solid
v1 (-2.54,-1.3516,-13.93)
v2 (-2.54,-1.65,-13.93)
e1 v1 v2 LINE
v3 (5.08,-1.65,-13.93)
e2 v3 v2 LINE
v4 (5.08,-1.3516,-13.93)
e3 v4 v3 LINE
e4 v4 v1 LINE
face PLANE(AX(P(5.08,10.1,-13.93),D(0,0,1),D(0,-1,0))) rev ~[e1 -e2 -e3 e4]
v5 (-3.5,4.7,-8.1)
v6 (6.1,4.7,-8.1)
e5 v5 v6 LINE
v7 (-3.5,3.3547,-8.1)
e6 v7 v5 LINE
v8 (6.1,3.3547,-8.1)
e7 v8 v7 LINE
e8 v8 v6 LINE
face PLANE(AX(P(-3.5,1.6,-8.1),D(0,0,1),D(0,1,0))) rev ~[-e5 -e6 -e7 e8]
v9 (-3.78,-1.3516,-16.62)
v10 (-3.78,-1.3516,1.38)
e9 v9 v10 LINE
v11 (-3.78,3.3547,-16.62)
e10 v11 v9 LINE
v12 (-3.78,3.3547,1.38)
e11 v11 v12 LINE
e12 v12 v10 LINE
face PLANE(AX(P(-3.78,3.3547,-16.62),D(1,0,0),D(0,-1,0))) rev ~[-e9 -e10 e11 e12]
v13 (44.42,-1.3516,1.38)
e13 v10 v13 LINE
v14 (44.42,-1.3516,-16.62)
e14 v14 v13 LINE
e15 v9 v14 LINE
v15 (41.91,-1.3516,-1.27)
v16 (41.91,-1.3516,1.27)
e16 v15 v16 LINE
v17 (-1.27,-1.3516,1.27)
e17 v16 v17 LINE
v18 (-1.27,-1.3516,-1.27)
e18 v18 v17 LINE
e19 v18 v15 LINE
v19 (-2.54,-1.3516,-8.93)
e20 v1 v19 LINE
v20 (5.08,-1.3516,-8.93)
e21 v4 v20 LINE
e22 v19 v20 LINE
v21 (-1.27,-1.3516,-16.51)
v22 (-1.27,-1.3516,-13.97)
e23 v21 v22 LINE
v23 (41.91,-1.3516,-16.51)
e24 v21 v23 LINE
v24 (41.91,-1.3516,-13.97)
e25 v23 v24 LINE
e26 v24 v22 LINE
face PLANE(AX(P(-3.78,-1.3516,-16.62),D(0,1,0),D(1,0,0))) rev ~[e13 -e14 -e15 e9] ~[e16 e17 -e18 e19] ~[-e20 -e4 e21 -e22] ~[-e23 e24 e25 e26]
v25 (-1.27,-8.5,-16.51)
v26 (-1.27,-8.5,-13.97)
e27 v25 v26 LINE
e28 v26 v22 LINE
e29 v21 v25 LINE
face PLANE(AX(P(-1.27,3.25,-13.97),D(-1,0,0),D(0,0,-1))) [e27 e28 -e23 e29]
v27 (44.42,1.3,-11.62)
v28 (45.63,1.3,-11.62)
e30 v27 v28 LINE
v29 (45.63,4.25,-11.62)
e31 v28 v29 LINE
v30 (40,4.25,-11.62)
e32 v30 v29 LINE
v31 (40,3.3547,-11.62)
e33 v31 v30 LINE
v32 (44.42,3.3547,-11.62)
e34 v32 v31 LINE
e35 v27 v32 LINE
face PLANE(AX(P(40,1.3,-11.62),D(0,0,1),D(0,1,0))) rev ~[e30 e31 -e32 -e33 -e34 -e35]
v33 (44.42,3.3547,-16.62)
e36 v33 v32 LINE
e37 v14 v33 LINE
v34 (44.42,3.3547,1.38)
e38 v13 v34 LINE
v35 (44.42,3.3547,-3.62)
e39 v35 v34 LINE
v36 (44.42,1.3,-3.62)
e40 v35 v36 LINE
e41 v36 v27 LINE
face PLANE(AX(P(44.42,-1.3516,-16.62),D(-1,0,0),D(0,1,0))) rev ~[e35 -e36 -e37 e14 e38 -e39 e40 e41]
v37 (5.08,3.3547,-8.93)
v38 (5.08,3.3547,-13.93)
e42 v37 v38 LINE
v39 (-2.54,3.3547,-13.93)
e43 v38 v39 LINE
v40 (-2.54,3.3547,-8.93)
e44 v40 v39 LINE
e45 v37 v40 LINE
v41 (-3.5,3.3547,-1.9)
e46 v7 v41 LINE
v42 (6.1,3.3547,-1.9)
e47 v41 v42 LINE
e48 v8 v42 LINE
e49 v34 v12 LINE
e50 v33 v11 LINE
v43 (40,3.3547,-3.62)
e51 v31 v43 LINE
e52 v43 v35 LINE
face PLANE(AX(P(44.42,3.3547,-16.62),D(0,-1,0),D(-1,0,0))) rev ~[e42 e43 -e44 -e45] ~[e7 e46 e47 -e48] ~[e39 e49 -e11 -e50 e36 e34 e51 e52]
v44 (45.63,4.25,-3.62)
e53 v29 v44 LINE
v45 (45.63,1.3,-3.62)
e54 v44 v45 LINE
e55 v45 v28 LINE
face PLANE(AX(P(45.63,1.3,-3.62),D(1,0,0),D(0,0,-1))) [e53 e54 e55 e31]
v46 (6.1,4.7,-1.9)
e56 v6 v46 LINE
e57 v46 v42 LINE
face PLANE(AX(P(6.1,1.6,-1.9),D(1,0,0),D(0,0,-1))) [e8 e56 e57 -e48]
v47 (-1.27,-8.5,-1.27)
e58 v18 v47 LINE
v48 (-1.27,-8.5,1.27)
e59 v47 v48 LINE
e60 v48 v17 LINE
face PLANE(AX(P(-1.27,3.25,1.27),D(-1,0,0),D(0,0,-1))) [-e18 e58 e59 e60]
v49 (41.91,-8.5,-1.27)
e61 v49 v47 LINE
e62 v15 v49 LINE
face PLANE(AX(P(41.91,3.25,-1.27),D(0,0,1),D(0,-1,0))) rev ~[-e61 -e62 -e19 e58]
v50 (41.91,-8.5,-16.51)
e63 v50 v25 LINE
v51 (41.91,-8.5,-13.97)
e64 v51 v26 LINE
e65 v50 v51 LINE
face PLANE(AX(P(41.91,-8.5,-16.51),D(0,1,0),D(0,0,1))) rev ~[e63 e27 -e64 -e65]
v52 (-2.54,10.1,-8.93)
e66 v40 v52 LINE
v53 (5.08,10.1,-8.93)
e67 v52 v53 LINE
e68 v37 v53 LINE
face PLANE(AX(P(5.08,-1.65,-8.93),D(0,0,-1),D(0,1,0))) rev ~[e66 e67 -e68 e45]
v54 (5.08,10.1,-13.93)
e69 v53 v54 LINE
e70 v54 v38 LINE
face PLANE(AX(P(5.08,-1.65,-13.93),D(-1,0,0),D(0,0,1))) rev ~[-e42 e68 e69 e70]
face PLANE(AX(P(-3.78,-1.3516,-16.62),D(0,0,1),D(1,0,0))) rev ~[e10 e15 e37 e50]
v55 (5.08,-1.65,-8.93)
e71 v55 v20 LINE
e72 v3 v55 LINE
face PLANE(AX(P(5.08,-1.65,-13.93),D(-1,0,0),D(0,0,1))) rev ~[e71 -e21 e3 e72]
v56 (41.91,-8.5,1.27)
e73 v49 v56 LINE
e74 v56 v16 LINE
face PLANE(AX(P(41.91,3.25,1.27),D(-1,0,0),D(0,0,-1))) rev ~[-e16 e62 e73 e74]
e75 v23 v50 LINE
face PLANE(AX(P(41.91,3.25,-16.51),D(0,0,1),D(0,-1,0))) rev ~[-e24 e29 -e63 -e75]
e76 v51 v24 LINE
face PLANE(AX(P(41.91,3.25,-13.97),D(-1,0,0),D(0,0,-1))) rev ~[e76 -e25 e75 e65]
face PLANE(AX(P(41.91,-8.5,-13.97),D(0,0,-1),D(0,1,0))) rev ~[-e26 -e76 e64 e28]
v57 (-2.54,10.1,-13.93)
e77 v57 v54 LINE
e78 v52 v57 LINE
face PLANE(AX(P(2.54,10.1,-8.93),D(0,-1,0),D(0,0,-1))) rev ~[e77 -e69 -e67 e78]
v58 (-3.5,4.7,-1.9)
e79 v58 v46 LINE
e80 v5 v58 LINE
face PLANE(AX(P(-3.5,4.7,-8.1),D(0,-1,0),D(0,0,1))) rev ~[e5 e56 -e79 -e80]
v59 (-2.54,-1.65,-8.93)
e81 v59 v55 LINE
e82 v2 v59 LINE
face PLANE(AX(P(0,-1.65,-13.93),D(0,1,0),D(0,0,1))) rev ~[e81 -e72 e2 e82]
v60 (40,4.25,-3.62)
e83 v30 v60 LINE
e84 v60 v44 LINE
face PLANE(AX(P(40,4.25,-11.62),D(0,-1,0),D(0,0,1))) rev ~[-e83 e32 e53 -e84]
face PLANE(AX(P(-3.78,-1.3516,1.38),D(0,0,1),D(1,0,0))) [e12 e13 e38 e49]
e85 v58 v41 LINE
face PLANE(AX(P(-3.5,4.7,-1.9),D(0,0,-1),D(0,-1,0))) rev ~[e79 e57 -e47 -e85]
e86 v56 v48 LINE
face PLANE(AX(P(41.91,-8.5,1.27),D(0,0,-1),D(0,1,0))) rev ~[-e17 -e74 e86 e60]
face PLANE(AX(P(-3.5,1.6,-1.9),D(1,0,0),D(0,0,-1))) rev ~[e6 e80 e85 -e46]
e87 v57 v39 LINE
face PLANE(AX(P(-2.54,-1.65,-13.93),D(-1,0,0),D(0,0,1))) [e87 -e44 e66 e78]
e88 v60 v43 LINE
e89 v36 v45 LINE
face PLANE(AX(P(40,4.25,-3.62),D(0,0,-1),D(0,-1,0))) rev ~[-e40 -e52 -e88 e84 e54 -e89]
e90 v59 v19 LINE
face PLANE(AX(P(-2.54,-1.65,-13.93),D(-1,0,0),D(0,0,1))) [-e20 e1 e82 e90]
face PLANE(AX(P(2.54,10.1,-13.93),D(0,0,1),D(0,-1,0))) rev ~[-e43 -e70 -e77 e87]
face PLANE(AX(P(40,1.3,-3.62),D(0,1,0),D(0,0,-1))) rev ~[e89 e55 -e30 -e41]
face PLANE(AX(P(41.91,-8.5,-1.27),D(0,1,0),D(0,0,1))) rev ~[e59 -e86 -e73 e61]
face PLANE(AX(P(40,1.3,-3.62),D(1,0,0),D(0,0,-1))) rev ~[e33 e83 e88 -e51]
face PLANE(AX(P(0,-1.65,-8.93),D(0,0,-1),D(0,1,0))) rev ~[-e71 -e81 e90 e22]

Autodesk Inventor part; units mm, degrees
ref_plane "YZ Plane" through (0, 0, 0) normal (1, 0, 0) x (0, 1, 0)
ref_plane "XZ Plane" through (0, 0, 0) normal (0, 1, 0) x (-1, 0, 0)
ref_plane "XY Plane" through (0, 0, 0) normal (0, 0, 1) x (1, 0, 0)
sketch "Sketch1" plane through (-3.78, -1.3516, -16.62) normal (0, 0, 1) x (1, 0, 0)
  line L0 (0, 0) -> (48.2, 0)
  line L1 (48.2, 0) -> (48.2, 4.7063)
  line L2 (48.2, 4.7063) -> (0, 4.7063)
  line L3 (0, 4.7063) -> (0, 0)
extrude "Extrusion1" add sketch "Sketch1" along normal blind 18
sketch "Sketch2" plane through (0, -1.65, -13.93) normal (-1, 0, 0) x (0, 0, 1)
  line L0 (0, 0) -> (5, 0)
  line L1 (5, 0) -> (5, 11.75)
  line L2 (5, 11.75) -> (0, 11.75)
  line L3 (0, 11.75) -> (0, 0)
extrude "Extrusion2" add sketch "Sketch2" along normal blind 2.54
sketch "Sketch3" plane through (5.08, -1.65, -13.93) normal (-1, 0, 0) x (0, 0, 1)
  line L0 (0, 0) -> (5, 0)
  line L1 (5, 0) -> (5, 11.75)
  line L2 (5, 11.75) -> (0, 11.75)
  line L3 (0, 11.75) -> (0, 0)
extrude "Extrusion3" add sketch "Sketch3" along normal blind 2.54
sketch "Sketch4" plane through (2.54, -1.65, -13.93) normal (-1, 0, 0) x (0, 0, 1)
  line L0 (0, 0) -> (5, 0)
  line L1 (5, 0) -> (5, 11.75)
  line L2 (5, 11.75) -> (0, 11.75)
  line L3 (0, 11.75) -> (0, 0)
extrude "Extrusion4" add sketch "Sketch4" along normal blind 2.54
sketch "Sketch5" plane through (-3.5, 1.6, -1.9) normal (1, 0, 0) x (0, 0, -1)
  line L0 (0, 0) -> (6.2, 0)
  line L1 (6.2, 0) -> (6.2, 3.1)
  line L2 (6.2, 3.1) -> (0, 3.1)
  line L3 (0, 3.1) -> (0, 0)
extrude "Extrusion5" add sketch "Sketch5" along normal blind 9.6
sketch "Sketch6" plane through (40, 1.3, -3.62) normal (1, 0, 0) x (0, 0, -1)
  line L0 (0, 0) -> (8, 0)
  line L1 (8, 0) -> (8, 2.95)
  line L2 (8, 2.95) -> (0, 2.95)
  line L3 (0, 2.95) -> (0, 0)
extrude "Extrusion6" add sketch "Sketch6" along normal blind 5.63
sketch "Sketch7" plane through (41.91, 3.25, -13.97) normal (-1, 0, 0) x (0, 0, -1)
  line L0 (0, 0) -> (2.54, 0)
  line L1 (2.54, 0) -> (2.54, 11.75)
  line L2 (2.54, 11.75) -> (0, 11.75)
  line L3 (0, 11.75) -> (0, 0)
extrude "Extrusion7" add sketch "Sketch7" along normal blind 43.18
sketch "Sketch8" plane through (41.91, 3.25, 1.27) normal (-1, 0, 0) x (0, 0, -1)
  line L0 (0, 0) -> (2.54, 0)
  line L1 (2.54, 0) -> (2.54, 11.75)
  line L2 (2.54, 11.75) -> (0, 11.75)
  line L3 (0, 11.75) -> (0, 0)
extrude "Extrusion8" add sketch "Sketch8" along normal blind 43.18
properties part number "ARDUINO MICRO Simplified"
